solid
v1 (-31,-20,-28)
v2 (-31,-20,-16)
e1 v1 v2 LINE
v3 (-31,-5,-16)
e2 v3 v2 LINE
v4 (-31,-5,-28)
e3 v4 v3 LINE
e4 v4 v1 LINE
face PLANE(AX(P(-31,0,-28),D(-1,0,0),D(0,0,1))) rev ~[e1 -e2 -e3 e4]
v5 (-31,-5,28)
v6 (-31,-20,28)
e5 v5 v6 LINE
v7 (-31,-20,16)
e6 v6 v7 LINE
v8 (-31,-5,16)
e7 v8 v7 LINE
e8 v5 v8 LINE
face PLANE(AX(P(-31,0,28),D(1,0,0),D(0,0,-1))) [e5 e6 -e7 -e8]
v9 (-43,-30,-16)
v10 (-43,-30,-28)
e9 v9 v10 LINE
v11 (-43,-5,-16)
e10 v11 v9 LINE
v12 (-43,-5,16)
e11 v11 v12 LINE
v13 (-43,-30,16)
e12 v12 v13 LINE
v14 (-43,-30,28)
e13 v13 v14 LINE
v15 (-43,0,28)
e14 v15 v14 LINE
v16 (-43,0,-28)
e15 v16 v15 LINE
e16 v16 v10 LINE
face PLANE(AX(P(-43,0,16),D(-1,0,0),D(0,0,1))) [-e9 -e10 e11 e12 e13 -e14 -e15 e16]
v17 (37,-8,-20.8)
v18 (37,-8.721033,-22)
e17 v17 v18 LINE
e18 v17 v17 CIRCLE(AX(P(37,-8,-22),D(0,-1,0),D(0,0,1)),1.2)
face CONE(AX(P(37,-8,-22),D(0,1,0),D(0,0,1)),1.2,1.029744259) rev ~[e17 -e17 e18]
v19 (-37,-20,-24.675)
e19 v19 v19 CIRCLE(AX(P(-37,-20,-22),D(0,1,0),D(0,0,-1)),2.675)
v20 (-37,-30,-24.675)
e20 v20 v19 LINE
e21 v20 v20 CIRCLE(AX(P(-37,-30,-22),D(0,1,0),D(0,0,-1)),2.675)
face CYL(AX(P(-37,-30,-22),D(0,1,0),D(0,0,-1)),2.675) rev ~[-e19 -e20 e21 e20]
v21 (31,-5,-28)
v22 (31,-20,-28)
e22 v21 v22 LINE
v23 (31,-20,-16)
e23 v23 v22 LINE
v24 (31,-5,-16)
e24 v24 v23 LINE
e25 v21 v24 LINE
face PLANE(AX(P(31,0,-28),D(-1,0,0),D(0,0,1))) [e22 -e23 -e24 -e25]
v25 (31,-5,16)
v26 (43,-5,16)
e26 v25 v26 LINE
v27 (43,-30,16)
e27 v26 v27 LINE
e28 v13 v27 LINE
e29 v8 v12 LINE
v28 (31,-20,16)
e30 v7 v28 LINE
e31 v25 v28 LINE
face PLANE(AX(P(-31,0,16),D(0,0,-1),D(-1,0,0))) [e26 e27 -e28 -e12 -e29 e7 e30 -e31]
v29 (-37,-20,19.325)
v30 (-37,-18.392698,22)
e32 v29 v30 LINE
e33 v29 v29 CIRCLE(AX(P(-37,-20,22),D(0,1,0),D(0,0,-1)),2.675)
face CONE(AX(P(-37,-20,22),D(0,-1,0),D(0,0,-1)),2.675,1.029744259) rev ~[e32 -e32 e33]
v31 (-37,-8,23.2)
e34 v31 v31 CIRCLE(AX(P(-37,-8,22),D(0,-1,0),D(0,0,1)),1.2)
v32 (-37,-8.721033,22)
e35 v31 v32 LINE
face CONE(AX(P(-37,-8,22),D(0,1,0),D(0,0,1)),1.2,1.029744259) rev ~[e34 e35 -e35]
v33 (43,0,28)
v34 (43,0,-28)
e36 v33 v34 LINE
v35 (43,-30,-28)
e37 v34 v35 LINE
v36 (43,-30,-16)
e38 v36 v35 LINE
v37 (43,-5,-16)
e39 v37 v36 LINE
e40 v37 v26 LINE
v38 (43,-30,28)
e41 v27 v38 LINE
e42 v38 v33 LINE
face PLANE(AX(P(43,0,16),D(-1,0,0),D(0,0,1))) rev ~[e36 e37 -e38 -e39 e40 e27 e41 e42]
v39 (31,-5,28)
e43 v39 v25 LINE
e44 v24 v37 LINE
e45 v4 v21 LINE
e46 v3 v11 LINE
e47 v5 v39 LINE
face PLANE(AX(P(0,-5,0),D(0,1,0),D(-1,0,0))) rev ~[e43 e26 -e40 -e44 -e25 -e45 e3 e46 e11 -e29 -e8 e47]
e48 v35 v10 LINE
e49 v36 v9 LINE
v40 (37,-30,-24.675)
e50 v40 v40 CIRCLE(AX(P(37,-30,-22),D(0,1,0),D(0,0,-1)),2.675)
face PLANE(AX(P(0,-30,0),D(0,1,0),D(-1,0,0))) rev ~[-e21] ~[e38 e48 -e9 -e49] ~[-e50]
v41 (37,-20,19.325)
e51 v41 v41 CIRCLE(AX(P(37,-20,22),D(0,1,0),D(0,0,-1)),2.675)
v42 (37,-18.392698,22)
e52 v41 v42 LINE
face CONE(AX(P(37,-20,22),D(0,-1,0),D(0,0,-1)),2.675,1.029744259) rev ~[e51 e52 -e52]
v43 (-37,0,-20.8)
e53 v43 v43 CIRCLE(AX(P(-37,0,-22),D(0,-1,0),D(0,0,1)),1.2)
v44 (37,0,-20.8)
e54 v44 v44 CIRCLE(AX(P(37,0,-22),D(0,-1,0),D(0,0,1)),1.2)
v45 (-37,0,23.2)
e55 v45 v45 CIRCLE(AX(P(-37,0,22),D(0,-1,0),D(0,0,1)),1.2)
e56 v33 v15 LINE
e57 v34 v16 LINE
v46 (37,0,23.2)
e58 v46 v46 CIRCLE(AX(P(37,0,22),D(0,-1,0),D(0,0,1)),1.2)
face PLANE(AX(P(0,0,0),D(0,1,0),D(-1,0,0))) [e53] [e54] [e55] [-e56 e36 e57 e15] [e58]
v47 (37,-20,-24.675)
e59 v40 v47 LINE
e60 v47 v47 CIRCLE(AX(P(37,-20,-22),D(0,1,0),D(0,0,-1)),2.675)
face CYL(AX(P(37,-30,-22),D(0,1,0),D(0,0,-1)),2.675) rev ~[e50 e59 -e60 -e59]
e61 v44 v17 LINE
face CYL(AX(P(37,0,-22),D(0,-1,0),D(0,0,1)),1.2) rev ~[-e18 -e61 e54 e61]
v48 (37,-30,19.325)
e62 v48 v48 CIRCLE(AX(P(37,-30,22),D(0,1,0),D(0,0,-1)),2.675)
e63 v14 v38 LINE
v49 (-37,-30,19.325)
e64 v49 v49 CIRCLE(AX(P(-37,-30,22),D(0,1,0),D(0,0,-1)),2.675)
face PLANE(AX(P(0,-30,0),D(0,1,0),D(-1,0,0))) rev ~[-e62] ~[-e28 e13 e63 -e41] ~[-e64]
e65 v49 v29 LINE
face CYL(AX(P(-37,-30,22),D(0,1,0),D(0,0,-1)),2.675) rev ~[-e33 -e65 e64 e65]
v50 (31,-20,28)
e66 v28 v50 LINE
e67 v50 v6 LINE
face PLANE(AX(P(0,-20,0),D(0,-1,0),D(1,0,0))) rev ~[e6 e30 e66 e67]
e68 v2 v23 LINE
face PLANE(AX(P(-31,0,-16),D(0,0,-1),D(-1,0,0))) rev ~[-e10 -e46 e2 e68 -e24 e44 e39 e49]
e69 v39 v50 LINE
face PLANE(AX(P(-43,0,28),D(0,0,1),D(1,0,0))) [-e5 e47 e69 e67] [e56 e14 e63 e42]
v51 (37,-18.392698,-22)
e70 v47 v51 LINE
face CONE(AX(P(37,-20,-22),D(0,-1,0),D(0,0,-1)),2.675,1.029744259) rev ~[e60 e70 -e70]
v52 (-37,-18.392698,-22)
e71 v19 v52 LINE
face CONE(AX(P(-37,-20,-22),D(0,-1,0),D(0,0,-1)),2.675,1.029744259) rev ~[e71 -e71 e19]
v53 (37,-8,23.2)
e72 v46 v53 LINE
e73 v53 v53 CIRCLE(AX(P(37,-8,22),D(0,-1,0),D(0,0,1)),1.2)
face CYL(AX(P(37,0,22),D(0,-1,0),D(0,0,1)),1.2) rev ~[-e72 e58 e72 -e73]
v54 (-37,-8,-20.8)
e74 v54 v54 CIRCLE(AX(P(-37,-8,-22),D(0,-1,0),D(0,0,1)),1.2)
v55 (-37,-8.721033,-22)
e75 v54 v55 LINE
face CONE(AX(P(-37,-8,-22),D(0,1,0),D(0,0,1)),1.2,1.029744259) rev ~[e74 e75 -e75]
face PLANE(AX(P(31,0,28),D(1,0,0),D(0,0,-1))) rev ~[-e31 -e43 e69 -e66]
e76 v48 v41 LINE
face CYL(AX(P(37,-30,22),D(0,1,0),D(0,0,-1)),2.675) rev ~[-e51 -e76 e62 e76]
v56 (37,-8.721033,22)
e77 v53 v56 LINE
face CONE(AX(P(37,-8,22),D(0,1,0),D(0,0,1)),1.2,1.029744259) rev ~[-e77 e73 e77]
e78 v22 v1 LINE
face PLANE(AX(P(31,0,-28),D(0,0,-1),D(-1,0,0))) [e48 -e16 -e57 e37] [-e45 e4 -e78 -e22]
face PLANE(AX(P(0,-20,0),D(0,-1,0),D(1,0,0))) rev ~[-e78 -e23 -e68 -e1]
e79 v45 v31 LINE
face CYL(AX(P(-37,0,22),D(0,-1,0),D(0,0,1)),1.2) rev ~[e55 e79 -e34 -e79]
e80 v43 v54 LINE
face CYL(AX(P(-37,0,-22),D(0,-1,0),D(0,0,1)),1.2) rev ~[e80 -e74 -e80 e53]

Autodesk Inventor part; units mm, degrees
ref_plane "YZ Plane" through (0, 0, 0) normal (1, 0, 0) x (0, 1, 0)
ref_plane "XZ Plane" through (0, 0, 0) normal (0, 1, 0) x (-1, 0, 0)
ref_plane "XY Plane" through (0, 0, 0) normal (0, 0, 1) x (1, 0, 0)
sketch "Sketch1" plane through (0, 0, 0) normal (0, 1, 0) x (-1, 0, 0)
  line L0 (-37, 22) -> (37, 22) construction
  line L1 (37, 22) -> (37, -22) construction
  line L2 (37, -22) -> (-37, -22) construction
  line L3 (-37, -22) -> (-37, 22) construction
  line L4 (-37, 22) -> (37, -22) construction
  line L5 (37, 22) -> (-37, -22) construction
  line L6 (-47, 32) -> (47, 32) construction
  line L7 (47, 32) -> (47, -32) construction
  line L8 (47, -32) -> (-47, -32) construction
  line L9 (-47, -32) -> (-47, 32) construction
  line L10 (-47, 32) -> (47, -32) construction
  line L11 (47, 32) -> (-47, -32) construction
  line L12 (31, 16) -> (43, 16)
  line L13 (43, 16) -> (43, 28)
  line L14 (43, 28) -> (31, 28)
  line L15 (31, 28) -> (31, 16)
  line L16 (31, 16) -> (43, 28) construction
  line L17 (43, 16) -> (31, 28) construction
  line L18 (47, 0) -> (-47, 0) construction
  line L19 (0, 32) -> (0, -32) construction
  line L20 (37, -22) -> (-37, 22) construction
  line L21 (47, -32) -> (-47, 32) construction
  line L22 (31, -16) -> (43, -16)
  line L23 (43, -16) -> (43, -28)
  line L24 (43, -28) -> (31, -28)
  line L25 (31, -28) -> (31, -16)
  line L26 (31, -16) -> (43, -28) construction
  line L27 (43, -16) -> (31, -28) construction
  line L28 (-31, 16) -> (-43, 16)
  line L29 (-43, 16) -> (-43, 28)
  line L30 (-43, 28) -> (-31, 28)
  line L31 (-31, 28) -> (-31, 16)
  line L32 (-31, -16) -> (-43, -16)
  line L33 (-31, -28) -> (-31, -16)
  line L34 (-43, -28) -> (-31, -28)
  line L35 (-43, -16) -> (-43, -28)
  line L36 (43, 28) -> (-43, 28)
  line L37 (-43, 28) -> (-43, -28)
  line L38 (-43, -28) -> (43, -28)
  line L39 (43, -28) -> (43, 28)
  point P0 (0, 0)
  dimension "d0" = 74
  dimension "d1" = 44
  dimension "d2" = 10
  dimension "d3" = 10
  dimension "d4" = 12
  dimension "d5" = 12
extrude "Extrusion1" add sketch "Sketch1" against normal blind 5
extrude "Extrusion2" add sketch "Sketch1" against normal blind 30 contours L15 L14 L13 L12 | L23 L24 L25 L22 | L31 L28 L29 L30 | L34 L35 L32 L33
hole "Hole2" at (-37, 0, 22) at (-37, 0, -22) at (37, 0, -22) at (37, 0, 22) direction (0, -1, 0) diameter 2.4 depth 8 tip angle 118 clearance for "Flat Head Machine Screw" size "M2" standard "Ansi Metric M Profile"
sketch "Sketch4" plane through (0, -30, 0) normal (0, -1, 0) x (1, 0, 0)
  line L0 (31, 28) -> (-31, 28) projected
  line L1 (-43, 16) -> (-31, 16) projected
  line L2 (31, 28) -> (-31, 28)
  line L3 (-31, 28) -> (-31, 16)
  line L4 (-31, 16) -> (31, 16)
  line L5 (31, 16) -> (31, 28)
  line L6 (43, -28) -> (-43, -28) projected
  line L7 (-43, -16) -> (-31, -16) projected
  line L8 (31, -28) -> (-31, -28)
  line L9 (-31, -28) -> (-31, -16)
  line L10 (-31, -16) -> (31, -16)
  line L11 (31, -16) -> (31, -28)
  point P0 (0, 0)
extrude "Extrusion3" add sketch "Sketch4" against normal blind 10
sketch "Sketch5" plane through (0, -30, 0) normal (0, -1, 0) x (1, 0, 0)
  circle A0 centre (37, 22) radius 1.2 projected
  circle A1 centre (-37, 22) radius 1.2 projected
  circle A2 centre (-37, -22) radius 1.2 projected
  circle A3 centre (37, -22) radius 1.2 projected
  point P0 (0, 0)
hole "Hole3" at (37, -30, 22) at (-37, -30, 22) at (-37, -30, -22) at (37, -30, -22) direction (0, 1, 0) diameter 5.35 depth 10 tip angle 118
properties part number "PCB_Housing_01"
